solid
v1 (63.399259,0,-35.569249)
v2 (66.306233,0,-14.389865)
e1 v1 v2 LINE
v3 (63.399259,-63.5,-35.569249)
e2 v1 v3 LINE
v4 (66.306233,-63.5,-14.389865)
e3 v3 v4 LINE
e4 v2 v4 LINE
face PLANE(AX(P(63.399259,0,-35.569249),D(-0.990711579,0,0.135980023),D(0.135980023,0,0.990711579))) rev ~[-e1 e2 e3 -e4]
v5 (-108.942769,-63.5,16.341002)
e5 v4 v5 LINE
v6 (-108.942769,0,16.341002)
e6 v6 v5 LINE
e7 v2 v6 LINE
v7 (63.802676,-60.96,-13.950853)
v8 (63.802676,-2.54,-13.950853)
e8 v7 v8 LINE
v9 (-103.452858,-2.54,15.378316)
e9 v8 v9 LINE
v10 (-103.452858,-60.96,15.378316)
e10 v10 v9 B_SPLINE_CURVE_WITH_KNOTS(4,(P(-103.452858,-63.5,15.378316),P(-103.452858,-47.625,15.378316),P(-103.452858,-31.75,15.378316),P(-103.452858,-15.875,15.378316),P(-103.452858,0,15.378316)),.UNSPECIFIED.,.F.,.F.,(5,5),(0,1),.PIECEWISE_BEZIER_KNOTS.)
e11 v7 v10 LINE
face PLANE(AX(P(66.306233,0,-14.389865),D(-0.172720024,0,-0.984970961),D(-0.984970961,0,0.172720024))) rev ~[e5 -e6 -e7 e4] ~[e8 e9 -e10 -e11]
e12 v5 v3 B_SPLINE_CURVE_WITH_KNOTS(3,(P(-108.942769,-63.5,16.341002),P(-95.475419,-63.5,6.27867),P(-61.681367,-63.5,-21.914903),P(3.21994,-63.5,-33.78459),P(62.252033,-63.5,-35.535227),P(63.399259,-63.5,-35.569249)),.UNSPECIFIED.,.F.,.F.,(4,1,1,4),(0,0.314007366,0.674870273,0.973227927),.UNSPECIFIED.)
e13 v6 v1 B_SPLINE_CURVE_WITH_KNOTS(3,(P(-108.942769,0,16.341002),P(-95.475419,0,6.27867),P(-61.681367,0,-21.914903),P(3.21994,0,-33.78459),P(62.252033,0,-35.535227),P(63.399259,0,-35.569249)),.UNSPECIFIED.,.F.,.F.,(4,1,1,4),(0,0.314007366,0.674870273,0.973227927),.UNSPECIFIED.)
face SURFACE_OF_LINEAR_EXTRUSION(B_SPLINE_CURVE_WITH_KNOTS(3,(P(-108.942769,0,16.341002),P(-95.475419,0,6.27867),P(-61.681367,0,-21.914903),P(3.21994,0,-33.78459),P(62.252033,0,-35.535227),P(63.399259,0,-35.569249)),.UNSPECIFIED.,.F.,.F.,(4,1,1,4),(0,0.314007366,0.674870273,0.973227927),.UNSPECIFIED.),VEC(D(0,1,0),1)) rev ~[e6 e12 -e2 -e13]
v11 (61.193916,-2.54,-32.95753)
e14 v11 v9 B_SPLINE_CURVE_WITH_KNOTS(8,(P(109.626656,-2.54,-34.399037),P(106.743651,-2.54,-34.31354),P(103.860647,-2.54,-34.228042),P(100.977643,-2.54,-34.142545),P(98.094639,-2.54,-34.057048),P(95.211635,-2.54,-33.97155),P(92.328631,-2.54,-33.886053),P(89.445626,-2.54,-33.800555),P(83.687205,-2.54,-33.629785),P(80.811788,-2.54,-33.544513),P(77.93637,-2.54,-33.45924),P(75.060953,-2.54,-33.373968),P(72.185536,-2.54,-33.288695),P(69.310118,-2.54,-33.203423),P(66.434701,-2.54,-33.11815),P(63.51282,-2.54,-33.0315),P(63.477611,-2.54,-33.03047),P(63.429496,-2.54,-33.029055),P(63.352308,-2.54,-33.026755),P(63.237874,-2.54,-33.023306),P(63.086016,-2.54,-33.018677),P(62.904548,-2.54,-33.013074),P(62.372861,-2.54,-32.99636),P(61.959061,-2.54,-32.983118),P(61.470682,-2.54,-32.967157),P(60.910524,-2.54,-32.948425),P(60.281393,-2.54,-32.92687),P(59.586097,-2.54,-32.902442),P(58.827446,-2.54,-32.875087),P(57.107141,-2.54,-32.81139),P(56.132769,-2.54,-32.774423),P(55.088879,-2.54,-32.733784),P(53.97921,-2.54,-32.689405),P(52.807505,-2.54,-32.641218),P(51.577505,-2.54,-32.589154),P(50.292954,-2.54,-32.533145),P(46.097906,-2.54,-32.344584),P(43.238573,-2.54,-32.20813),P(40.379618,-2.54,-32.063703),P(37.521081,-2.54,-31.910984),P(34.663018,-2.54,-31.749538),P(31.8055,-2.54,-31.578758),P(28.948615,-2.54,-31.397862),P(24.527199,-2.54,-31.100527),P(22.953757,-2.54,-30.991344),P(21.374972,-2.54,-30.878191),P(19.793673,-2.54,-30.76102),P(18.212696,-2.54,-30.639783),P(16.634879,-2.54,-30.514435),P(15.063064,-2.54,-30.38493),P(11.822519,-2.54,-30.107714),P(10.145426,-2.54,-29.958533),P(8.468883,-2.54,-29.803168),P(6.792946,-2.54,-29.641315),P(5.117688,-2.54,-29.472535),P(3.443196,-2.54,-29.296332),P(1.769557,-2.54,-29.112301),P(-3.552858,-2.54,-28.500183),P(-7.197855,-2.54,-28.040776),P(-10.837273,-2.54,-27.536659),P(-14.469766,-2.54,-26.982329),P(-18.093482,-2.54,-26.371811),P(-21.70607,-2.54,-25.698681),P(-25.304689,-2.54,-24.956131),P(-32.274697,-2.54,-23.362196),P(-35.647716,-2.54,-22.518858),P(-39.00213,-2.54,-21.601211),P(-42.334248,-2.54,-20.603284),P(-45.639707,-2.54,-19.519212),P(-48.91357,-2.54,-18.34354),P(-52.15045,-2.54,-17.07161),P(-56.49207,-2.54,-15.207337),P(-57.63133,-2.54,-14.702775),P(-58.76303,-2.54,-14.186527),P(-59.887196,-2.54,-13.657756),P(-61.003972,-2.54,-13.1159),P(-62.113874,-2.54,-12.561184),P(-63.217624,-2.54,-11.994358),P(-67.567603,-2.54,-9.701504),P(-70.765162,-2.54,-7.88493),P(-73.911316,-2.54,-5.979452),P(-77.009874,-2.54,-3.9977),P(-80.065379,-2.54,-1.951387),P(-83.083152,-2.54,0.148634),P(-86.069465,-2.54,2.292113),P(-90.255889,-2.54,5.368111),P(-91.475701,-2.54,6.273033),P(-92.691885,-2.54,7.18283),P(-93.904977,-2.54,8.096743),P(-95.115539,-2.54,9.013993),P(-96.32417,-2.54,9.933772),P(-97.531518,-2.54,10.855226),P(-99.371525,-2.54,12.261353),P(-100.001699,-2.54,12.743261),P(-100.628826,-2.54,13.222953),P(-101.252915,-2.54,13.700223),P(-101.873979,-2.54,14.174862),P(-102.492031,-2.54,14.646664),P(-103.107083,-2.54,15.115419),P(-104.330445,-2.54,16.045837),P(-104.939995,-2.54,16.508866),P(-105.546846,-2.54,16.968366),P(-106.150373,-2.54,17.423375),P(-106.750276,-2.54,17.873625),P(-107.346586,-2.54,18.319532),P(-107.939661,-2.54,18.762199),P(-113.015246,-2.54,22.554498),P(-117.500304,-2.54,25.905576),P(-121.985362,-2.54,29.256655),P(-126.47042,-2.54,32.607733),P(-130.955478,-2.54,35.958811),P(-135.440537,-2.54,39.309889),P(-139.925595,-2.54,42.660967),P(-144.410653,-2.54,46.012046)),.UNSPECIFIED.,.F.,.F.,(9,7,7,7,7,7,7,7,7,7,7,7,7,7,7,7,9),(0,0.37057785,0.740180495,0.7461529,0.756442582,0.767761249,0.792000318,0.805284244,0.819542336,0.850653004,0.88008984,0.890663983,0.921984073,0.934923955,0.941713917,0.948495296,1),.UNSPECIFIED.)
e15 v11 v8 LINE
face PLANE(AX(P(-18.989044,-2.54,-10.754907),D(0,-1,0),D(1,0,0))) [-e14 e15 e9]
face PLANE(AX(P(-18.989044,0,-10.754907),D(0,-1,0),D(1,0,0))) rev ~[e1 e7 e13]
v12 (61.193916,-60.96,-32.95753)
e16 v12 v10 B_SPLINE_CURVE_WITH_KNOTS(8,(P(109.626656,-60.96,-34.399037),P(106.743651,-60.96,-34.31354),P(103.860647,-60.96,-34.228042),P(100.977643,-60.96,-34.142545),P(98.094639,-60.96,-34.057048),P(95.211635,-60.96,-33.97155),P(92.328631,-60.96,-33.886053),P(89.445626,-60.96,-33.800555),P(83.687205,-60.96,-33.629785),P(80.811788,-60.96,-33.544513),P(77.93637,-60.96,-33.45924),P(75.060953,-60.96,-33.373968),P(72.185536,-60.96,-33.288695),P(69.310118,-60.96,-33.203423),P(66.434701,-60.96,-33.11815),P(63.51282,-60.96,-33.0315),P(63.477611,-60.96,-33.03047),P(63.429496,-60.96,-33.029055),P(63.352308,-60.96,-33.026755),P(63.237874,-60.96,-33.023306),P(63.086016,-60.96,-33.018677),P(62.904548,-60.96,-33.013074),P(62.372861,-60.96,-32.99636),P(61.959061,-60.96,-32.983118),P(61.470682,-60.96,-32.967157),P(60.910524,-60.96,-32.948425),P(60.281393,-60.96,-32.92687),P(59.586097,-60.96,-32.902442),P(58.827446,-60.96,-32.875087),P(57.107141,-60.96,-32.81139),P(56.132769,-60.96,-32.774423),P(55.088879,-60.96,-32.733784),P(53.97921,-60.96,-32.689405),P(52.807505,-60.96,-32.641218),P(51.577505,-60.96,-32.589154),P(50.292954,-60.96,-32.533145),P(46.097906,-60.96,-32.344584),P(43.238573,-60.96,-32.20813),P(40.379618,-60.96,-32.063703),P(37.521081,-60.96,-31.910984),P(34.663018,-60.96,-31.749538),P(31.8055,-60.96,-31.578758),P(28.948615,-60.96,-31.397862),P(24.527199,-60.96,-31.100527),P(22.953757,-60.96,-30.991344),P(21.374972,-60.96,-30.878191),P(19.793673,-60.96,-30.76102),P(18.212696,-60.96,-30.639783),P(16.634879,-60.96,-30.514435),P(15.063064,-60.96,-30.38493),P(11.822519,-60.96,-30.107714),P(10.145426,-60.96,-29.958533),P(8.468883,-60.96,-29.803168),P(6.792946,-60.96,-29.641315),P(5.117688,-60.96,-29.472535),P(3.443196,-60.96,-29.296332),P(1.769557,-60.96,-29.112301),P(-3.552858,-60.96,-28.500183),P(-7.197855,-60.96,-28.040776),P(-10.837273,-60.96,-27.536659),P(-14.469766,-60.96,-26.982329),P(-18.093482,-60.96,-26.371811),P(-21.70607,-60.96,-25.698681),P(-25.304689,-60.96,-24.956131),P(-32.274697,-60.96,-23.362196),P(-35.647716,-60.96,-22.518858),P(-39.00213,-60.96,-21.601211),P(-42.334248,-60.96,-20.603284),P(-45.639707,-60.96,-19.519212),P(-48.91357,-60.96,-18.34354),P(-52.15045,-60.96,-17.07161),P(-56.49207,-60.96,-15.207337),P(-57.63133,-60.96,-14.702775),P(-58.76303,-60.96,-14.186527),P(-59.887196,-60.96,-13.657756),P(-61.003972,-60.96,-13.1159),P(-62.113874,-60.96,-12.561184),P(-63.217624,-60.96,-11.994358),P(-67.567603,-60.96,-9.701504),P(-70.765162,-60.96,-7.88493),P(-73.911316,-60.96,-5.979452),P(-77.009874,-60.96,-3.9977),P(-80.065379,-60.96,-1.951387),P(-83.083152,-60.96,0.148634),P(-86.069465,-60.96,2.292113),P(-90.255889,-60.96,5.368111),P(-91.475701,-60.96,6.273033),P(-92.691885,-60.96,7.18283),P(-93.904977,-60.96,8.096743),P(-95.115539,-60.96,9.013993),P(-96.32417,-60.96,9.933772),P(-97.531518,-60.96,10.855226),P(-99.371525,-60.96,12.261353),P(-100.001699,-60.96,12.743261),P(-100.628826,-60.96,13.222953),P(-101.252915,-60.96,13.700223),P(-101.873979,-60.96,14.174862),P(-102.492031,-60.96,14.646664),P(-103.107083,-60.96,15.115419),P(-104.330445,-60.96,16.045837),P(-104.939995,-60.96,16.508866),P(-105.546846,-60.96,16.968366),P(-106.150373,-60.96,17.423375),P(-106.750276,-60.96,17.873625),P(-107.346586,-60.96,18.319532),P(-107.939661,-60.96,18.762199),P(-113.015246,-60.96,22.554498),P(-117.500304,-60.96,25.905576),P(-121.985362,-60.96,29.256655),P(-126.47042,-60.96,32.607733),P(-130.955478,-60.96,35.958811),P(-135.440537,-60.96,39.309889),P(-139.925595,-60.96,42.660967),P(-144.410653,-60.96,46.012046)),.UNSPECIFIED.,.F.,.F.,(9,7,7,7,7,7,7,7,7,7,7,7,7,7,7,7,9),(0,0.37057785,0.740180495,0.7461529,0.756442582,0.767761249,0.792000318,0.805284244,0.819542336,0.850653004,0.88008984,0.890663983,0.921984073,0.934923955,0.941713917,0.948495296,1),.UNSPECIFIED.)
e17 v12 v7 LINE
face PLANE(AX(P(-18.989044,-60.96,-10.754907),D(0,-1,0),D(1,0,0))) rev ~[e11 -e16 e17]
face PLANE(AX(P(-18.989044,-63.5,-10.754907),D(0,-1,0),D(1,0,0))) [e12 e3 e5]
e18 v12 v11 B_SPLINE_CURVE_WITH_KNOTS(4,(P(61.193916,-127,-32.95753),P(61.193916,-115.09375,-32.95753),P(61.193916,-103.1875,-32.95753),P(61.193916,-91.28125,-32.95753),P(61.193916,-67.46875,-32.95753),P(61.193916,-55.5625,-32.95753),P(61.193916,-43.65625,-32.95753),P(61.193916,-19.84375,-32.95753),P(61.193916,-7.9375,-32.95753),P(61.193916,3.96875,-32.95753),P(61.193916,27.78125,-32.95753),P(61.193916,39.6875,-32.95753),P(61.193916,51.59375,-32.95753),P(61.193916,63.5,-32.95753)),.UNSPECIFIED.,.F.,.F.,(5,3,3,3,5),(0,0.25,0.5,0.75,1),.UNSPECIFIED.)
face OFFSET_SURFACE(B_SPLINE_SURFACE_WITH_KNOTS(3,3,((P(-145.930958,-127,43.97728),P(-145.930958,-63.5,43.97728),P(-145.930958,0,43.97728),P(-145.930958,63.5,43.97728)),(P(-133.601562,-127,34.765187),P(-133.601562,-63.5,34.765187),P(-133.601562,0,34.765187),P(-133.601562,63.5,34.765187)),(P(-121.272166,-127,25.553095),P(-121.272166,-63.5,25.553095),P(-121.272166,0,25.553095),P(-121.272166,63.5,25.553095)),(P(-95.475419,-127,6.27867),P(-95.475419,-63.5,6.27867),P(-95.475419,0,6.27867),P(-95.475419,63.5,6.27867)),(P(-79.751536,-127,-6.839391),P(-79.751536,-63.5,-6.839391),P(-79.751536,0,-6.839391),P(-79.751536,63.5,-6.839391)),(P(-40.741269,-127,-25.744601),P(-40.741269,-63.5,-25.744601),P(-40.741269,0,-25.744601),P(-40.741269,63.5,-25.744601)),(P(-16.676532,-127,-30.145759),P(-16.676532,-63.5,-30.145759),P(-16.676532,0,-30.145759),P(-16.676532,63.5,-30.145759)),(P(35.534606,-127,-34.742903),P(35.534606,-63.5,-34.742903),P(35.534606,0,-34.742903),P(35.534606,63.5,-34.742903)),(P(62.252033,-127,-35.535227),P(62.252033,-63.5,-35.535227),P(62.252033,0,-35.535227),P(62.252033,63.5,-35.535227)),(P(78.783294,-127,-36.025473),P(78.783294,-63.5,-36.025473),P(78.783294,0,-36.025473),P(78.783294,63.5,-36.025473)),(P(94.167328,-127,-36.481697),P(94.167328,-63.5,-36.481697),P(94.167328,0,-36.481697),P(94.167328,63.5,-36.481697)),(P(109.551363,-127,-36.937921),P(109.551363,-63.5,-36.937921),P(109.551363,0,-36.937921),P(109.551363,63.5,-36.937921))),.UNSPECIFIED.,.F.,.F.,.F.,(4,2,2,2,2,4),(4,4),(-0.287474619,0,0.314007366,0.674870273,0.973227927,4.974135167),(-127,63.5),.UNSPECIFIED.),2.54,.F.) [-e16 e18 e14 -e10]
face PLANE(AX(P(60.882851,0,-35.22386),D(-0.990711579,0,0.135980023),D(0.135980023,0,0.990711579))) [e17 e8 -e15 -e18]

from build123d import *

# Parameters (mm, degrees)
F1_DEPTH = 63.5
F2_T     = -2.54


with BuildPart() as f1:
    # F0 (on Front) → F1 (new body)
    with BuildSketch(Plane.XZ):
        with BuildLine():
            Line((66.3062331783, -14.3898652402), (-108.9427692401, 16.3410020658))
            add(Edge.make_bspline(
                [(-108.9427692401, 16.3410020658), (-95.475419326, 6.2786704875), (-61.681367026, -21.9149025836), (3.219939573, -33.7845897342), (62.2520329781, -35.5352270514), (63.3992589063, -35.569248825)],
                knots=[0, 0, 0, 0, 0.3140073655, 0.6748702731, 0.9732279271, 0.9732279271, 0.9732279271, 0.9732279271], degree=3))
            Line((63.3992589063, -35.569248825), (66.3062331783, -14.3898652402))
        make_face()
    extrude(amount=F1_DEPTH)

    # F2
    f2_openings = [f1.faces().sort_by_distance(p)[0] for p in [
        (-21.318268, -31.75, 0.975568),
    ]]
    offset(amount=F2_T, openings=f2_openings, kind=Kind.INTERSECTION)


solid = f1.part
